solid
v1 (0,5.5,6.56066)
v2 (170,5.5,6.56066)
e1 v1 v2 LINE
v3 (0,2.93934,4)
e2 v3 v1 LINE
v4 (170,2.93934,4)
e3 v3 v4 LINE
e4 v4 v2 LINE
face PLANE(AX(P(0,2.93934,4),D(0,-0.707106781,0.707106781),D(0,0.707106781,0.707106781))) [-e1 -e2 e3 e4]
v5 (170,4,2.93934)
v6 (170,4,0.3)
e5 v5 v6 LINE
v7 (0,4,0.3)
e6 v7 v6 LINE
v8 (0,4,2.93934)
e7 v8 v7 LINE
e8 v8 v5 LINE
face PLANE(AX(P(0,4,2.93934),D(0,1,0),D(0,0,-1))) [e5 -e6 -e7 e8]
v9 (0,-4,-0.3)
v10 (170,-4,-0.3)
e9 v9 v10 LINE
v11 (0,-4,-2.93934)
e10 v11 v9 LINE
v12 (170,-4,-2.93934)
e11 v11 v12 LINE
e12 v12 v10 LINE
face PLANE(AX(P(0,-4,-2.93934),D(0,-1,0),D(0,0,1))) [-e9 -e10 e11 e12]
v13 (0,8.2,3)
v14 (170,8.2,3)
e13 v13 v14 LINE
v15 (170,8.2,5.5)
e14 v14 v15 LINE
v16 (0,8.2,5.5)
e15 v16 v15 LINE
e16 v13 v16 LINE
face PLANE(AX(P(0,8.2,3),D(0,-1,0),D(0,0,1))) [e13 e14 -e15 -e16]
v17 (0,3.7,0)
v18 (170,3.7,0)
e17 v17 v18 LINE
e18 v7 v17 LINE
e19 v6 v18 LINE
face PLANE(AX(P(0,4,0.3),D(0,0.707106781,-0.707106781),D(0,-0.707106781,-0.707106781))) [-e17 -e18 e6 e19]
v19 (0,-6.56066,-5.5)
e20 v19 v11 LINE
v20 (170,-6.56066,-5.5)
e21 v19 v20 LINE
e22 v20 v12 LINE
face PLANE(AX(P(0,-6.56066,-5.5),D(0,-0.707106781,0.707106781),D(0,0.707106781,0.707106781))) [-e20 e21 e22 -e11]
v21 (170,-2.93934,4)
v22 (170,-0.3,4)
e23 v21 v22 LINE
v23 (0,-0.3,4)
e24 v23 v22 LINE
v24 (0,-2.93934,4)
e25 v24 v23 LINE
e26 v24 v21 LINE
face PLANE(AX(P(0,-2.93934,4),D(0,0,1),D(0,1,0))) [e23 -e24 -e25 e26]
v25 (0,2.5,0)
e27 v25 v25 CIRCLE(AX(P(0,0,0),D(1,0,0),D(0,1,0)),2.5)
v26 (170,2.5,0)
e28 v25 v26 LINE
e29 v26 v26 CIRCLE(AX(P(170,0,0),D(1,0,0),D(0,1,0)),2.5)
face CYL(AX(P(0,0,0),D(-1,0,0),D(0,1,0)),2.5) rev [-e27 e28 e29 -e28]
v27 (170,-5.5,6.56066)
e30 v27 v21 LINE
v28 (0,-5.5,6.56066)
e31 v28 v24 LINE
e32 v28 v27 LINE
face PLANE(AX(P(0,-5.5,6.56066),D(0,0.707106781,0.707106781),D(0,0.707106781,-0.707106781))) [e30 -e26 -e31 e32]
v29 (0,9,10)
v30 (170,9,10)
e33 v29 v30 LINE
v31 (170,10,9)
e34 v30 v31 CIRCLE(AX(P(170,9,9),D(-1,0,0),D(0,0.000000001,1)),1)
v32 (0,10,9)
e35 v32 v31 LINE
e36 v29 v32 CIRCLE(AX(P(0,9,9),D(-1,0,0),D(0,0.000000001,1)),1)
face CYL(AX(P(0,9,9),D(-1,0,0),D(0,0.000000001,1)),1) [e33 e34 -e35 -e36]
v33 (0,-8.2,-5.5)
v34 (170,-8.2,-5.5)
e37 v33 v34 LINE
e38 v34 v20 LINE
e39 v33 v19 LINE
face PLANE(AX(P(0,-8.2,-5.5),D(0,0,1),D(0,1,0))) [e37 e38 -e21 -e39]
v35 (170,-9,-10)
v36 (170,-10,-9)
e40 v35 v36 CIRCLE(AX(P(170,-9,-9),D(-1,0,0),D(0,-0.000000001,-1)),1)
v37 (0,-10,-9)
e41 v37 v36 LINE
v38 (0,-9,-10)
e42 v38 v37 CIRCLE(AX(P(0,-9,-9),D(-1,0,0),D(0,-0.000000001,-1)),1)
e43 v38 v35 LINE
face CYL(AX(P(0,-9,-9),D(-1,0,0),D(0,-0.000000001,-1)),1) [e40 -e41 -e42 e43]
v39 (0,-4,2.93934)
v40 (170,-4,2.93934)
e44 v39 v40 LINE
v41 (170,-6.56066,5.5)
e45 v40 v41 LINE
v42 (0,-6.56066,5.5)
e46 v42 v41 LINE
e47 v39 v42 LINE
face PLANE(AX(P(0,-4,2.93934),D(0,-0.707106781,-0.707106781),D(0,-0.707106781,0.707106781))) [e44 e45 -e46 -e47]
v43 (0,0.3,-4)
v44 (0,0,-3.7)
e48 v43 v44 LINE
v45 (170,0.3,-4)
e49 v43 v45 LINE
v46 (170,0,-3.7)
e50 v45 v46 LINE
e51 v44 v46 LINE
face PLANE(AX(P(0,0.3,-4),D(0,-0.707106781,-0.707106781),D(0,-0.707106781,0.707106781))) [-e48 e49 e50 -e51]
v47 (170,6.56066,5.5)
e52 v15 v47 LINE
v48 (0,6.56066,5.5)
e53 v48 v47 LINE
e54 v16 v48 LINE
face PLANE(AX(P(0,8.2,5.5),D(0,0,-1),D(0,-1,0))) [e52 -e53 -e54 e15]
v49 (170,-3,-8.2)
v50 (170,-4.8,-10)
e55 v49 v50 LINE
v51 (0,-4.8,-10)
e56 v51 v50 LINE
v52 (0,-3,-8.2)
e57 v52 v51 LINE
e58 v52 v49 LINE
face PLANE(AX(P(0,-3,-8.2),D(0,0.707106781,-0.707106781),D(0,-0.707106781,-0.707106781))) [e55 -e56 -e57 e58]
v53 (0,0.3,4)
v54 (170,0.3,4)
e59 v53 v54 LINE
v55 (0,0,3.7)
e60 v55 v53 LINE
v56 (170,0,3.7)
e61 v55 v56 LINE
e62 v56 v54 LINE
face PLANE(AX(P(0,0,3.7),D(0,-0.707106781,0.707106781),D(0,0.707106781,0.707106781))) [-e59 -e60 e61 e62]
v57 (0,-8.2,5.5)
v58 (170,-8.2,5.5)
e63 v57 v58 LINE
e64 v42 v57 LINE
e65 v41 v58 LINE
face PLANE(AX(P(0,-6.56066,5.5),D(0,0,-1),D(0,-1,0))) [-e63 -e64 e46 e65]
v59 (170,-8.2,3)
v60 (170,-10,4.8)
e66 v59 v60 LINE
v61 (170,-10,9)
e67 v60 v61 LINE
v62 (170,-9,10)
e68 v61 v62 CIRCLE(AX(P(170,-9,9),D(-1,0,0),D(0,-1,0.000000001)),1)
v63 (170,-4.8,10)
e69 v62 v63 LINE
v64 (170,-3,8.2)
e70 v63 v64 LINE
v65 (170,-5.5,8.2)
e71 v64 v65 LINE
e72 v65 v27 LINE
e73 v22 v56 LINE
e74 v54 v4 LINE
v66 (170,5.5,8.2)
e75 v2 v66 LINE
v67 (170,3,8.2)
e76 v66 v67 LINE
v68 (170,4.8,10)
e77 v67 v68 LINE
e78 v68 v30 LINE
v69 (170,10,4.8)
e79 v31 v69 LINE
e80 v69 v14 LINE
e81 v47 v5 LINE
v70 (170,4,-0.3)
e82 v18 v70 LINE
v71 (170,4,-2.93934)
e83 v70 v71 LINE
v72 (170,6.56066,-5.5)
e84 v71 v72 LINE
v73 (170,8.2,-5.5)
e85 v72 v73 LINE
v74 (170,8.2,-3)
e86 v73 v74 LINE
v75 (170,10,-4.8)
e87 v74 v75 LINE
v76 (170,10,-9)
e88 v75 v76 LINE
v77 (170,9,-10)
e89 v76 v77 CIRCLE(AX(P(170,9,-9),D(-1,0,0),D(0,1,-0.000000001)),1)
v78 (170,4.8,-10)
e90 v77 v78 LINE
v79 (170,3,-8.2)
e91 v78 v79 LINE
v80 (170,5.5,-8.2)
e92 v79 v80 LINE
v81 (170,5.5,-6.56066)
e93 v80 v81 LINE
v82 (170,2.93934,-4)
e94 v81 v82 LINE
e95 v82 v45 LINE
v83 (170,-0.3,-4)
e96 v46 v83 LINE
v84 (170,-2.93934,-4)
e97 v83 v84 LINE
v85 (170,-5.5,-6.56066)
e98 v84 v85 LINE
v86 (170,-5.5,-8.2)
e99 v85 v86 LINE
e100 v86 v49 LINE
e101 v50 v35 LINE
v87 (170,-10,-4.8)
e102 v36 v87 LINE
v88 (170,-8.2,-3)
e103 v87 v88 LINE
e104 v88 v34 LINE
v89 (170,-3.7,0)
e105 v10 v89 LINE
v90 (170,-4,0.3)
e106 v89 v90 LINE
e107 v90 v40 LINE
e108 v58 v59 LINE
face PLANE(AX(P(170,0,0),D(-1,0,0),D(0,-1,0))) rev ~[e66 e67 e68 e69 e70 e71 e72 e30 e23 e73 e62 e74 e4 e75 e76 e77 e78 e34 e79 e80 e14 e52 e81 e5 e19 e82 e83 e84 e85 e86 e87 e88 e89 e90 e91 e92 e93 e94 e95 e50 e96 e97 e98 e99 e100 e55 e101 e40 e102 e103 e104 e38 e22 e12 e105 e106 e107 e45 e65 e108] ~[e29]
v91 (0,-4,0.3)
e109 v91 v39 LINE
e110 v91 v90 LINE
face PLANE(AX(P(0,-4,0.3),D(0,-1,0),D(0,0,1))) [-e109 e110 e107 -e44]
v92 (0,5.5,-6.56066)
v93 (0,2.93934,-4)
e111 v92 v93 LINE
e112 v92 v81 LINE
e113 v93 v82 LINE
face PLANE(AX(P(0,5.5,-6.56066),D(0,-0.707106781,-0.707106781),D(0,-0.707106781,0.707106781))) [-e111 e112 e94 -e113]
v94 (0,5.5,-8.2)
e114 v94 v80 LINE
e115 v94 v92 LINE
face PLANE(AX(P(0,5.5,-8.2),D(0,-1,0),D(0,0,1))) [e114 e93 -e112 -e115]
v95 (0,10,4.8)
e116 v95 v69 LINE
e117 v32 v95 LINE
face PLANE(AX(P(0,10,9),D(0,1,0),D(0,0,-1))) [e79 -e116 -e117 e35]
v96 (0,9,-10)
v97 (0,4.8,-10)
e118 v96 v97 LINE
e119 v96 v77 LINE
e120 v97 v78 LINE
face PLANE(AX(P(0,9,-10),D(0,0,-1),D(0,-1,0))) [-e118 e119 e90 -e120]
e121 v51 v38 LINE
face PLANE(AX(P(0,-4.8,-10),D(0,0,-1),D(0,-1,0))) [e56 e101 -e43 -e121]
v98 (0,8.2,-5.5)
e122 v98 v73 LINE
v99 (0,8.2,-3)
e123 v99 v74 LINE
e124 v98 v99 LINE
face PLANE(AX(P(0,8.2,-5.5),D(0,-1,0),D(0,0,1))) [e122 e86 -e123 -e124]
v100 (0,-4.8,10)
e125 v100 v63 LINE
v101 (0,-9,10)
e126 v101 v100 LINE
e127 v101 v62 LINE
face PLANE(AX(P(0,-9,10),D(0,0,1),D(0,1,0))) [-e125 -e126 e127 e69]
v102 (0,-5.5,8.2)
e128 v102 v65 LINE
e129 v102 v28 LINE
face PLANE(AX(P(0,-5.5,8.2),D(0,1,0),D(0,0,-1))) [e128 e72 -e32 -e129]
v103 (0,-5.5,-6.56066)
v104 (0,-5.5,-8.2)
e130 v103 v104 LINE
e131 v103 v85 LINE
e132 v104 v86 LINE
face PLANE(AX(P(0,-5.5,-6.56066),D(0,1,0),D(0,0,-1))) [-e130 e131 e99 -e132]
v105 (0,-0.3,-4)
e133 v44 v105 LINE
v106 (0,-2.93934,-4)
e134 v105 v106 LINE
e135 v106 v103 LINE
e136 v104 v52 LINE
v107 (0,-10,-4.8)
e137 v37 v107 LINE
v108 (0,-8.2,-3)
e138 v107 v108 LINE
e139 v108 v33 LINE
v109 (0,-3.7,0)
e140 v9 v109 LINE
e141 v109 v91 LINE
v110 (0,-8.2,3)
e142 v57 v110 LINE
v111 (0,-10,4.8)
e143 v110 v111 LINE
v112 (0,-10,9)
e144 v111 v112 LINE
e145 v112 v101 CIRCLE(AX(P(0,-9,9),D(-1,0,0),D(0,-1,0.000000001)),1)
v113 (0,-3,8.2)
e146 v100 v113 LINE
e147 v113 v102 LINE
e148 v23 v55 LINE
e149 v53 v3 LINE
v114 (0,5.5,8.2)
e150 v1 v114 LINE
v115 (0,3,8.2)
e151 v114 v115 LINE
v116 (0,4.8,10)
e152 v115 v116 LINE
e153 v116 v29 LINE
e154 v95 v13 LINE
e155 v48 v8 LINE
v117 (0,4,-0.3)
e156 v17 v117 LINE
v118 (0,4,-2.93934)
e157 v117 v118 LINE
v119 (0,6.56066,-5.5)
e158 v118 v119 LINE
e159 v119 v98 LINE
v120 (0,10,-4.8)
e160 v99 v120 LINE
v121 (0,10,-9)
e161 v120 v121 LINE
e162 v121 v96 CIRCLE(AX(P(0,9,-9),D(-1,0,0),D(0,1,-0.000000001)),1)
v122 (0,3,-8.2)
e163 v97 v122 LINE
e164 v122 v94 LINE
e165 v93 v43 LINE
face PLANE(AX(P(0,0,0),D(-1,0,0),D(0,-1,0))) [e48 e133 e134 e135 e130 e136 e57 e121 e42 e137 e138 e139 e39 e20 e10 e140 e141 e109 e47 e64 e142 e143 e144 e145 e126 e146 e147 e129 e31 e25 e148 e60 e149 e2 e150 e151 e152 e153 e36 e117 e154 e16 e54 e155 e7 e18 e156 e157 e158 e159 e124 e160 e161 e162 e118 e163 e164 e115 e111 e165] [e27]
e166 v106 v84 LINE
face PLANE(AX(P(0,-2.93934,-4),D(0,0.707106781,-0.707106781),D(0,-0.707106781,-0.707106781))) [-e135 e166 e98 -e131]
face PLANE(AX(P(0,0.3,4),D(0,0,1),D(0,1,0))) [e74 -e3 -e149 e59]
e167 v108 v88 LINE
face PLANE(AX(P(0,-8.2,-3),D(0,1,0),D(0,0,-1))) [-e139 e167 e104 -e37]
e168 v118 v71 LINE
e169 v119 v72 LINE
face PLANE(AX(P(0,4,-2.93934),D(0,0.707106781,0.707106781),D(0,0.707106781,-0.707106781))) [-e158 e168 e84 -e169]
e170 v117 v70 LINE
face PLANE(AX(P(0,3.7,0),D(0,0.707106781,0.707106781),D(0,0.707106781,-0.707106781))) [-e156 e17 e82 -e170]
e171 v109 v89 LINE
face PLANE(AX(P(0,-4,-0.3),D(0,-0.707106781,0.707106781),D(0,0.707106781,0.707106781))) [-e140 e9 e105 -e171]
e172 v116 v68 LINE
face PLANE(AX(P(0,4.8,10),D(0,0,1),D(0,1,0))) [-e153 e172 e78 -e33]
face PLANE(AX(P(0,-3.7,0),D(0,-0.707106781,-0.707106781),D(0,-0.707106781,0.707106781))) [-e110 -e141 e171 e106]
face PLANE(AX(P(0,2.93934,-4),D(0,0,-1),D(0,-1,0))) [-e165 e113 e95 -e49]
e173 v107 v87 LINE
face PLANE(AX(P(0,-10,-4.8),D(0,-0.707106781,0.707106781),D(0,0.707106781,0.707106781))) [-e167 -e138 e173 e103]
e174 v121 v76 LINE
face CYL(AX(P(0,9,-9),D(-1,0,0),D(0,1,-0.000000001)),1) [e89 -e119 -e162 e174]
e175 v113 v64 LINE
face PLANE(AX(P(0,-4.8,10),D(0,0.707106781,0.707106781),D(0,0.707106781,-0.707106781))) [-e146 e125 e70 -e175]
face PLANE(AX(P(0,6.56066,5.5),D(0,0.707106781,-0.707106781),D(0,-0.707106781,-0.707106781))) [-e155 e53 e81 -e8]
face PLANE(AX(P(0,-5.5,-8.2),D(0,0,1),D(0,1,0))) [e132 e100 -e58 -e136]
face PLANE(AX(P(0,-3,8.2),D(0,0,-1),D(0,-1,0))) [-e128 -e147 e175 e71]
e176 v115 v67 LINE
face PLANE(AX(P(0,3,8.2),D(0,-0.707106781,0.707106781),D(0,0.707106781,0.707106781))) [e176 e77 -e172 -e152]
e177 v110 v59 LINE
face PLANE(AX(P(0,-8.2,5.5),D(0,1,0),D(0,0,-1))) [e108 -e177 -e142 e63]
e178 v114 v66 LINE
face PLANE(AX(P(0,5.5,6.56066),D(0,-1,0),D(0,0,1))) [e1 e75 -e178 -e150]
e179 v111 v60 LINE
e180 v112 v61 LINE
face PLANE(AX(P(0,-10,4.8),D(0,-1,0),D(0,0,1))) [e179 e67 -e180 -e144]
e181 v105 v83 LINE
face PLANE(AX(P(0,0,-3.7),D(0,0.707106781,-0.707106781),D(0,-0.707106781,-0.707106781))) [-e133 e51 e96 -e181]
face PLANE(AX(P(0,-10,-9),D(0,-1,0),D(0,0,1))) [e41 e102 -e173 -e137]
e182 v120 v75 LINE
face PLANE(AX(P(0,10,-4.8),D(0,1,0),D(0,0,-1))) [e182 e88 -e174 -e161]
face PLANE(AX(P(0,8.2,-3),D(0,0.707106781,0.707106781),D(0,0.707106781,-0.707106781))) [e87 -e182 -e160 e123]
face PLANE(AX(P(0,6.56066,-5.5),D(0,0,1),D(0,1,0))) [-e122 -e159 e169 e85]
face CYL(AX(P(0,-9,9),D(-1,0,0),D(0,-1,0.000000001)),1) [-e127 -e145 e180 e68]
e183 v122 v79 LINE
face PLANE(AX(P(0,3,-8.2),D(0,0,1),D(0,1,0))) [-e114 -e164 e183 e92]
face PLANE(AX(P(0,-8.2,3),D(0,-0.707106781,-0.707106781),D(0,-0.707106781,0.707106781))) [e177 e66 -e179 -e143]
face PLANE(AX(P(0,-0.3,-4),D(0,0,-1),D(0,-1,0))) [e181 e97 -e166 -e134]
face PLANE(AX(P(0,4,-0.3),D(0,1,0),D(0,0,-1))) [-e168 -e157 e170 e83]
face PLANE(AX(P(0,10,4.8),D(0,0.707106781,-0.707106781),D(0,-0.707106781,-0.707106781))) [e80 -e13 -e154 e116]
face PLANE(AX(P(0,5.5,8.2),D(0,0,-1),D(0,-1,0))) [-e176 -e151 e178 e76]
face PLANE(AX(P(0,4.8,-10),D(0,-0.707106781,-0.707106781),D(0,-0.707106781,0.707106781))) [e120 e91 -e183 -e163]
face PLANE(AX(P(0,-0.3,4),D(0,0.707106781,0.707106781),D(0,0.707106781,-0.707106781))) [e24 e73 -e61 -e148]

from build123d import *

# Parameters (mm, degrees)
SKETCH11_R                                  = 2.5
QUADRADO_PF20_11_PERFIL_2020_V_SLOT_1_DEPTH = 170


with BuildPart() as part:
    # Sketch11 → Quadrado PF20-11 - PERFIL 2020 V-SLOT(1) (new body)
    with BuildSketch(Plane.YZ):
        with BuildLine():
            Line((-4.8, 10), (-3, 8.2))
            Line((-3, 8.2), (-5.5, 8.2))
            Line((-5.5, 8.2), (-5.5, 6.560660172))
            Line((-5.5, 6.560660172), (-2.939339828, 4))
            Line((-2.939339828, 4), (-0.3, 4))
            Line((-0.3, 4), (0, 3.7))
            Line((0, 3.7), (0.3, 4))
            Line((0.3, 4), (2.939339828, 4))
            Line((2.939339828, 4), (5.5, 6.560660172))
            Line((5.5, 6.560660172), (5.5, 8.2))
            Line((5.5, 8.2), (3, 8.2))
            Line((3, 8.2), (4.8, 10))
            Line((4.8, 10), (9, 10))
            ThreePointArc((9, 10), (9.707106781, 9.707106781), (10, 9))
            Line((10, 9), (10, 4.8))
            Line((10, 4.8), (8.2, 3))
            Line((8.2, 3), (8.2, 5.5))
            Line((8.2, 5.5), (6.560660172, 5.5))
            Line((6.560660172, 5.5), (4, 2.939339828))
            Line((4, 2.939339828), (4, 0.3))
            Line((4, 0.3), (3.7, 0))
            Line((3.7, 0), (4, -0.3))
            Line((4, -0.3), (4, -2.939339828))
            Line((4, -2.939339828), (6.560660172, -5.5))
            Line((6.560660172, -5.5), (8.2, -5.5))
            Line((8.2, -5.5), (8.2, -3))
            Line((8.2, -3), (10, -4.8))
            Line((10, -4.8), (10, -9))
            ThreePointArc((10, -9), (9.707106781, -9.707106781), (9, -10))
            Line((9, -10), (4.8, -10))
            Line((4.8, -10), (3, -8.2))
            Line((3, -8.2), (5.5, -8.2))
            Line((5.5, -8.2), (5.5, -6.560660172))
            Line((5.5, -6.560660172), (2.939339828, -4))
            Line((2.939339828, -4), (0.3, -4))
            Line((0.3, -4), (0, -3.7))
            Line((0, -3.7), (-0.3, -4))
            Line((-0.3, -4), (-2.939339828, -4))
            Line((-2.939339828, -4), (-5.5, -6.560660172))
            Line((-5.5, -6.560660172), (-5.5, -8.2))
            Line((-5.5, -8.2), (-3, -8.2))
            Line((-3, -8.2), (-4.8, -10))
            Line((-4.8, -10), (-9, -10))
            ThreePointArc((-9, -10), (-9.707106781, -9.707106781), (-10, -9))
            Line((-10, -9), (-10, -4.8))
            Line((-10, -4.8), (-8.2, -3))
            Line((-8.2, -3), (-8.2, -5.5))
            Line((-8.2, -5.5), (-6.560660172, -5.5))
            Line((-6.560660172, -5.5), (-4, -2.939339828))
            Line((-4, -2.939339828), (-4, -0.3))
            Line((-4, -0.3), (-3.7, 0))
            Line((-3.7, 0), (-4, 0.3))
            Line((-4, 0.3), (-4, 2.939339828))
            Line((-4, 2.939339828), (-6.560660172, 5.5))
            Line((-6.560660172, 5.5), (-8.2, 5.5))
            Line((-8.2, 5.5), (-8.2, 3))
            Line((-8.2, 3), (-10, 4.8))
            Line((-10, 4.8), (-10, 9))
            ThreePointArc((-10, 9), (-9.707106781, 9.707106781), (-9, 10))
            Line((-9, 10), (-4.8, 10))
        make_face()
        Circle(SKETCH11_R, mode=Mode.SUBTRACT)
    extrude(amount=QUADRADO_PF20_11_PERFIL_2020_V_SLOT_1_DEPTH)


solid = part.part
